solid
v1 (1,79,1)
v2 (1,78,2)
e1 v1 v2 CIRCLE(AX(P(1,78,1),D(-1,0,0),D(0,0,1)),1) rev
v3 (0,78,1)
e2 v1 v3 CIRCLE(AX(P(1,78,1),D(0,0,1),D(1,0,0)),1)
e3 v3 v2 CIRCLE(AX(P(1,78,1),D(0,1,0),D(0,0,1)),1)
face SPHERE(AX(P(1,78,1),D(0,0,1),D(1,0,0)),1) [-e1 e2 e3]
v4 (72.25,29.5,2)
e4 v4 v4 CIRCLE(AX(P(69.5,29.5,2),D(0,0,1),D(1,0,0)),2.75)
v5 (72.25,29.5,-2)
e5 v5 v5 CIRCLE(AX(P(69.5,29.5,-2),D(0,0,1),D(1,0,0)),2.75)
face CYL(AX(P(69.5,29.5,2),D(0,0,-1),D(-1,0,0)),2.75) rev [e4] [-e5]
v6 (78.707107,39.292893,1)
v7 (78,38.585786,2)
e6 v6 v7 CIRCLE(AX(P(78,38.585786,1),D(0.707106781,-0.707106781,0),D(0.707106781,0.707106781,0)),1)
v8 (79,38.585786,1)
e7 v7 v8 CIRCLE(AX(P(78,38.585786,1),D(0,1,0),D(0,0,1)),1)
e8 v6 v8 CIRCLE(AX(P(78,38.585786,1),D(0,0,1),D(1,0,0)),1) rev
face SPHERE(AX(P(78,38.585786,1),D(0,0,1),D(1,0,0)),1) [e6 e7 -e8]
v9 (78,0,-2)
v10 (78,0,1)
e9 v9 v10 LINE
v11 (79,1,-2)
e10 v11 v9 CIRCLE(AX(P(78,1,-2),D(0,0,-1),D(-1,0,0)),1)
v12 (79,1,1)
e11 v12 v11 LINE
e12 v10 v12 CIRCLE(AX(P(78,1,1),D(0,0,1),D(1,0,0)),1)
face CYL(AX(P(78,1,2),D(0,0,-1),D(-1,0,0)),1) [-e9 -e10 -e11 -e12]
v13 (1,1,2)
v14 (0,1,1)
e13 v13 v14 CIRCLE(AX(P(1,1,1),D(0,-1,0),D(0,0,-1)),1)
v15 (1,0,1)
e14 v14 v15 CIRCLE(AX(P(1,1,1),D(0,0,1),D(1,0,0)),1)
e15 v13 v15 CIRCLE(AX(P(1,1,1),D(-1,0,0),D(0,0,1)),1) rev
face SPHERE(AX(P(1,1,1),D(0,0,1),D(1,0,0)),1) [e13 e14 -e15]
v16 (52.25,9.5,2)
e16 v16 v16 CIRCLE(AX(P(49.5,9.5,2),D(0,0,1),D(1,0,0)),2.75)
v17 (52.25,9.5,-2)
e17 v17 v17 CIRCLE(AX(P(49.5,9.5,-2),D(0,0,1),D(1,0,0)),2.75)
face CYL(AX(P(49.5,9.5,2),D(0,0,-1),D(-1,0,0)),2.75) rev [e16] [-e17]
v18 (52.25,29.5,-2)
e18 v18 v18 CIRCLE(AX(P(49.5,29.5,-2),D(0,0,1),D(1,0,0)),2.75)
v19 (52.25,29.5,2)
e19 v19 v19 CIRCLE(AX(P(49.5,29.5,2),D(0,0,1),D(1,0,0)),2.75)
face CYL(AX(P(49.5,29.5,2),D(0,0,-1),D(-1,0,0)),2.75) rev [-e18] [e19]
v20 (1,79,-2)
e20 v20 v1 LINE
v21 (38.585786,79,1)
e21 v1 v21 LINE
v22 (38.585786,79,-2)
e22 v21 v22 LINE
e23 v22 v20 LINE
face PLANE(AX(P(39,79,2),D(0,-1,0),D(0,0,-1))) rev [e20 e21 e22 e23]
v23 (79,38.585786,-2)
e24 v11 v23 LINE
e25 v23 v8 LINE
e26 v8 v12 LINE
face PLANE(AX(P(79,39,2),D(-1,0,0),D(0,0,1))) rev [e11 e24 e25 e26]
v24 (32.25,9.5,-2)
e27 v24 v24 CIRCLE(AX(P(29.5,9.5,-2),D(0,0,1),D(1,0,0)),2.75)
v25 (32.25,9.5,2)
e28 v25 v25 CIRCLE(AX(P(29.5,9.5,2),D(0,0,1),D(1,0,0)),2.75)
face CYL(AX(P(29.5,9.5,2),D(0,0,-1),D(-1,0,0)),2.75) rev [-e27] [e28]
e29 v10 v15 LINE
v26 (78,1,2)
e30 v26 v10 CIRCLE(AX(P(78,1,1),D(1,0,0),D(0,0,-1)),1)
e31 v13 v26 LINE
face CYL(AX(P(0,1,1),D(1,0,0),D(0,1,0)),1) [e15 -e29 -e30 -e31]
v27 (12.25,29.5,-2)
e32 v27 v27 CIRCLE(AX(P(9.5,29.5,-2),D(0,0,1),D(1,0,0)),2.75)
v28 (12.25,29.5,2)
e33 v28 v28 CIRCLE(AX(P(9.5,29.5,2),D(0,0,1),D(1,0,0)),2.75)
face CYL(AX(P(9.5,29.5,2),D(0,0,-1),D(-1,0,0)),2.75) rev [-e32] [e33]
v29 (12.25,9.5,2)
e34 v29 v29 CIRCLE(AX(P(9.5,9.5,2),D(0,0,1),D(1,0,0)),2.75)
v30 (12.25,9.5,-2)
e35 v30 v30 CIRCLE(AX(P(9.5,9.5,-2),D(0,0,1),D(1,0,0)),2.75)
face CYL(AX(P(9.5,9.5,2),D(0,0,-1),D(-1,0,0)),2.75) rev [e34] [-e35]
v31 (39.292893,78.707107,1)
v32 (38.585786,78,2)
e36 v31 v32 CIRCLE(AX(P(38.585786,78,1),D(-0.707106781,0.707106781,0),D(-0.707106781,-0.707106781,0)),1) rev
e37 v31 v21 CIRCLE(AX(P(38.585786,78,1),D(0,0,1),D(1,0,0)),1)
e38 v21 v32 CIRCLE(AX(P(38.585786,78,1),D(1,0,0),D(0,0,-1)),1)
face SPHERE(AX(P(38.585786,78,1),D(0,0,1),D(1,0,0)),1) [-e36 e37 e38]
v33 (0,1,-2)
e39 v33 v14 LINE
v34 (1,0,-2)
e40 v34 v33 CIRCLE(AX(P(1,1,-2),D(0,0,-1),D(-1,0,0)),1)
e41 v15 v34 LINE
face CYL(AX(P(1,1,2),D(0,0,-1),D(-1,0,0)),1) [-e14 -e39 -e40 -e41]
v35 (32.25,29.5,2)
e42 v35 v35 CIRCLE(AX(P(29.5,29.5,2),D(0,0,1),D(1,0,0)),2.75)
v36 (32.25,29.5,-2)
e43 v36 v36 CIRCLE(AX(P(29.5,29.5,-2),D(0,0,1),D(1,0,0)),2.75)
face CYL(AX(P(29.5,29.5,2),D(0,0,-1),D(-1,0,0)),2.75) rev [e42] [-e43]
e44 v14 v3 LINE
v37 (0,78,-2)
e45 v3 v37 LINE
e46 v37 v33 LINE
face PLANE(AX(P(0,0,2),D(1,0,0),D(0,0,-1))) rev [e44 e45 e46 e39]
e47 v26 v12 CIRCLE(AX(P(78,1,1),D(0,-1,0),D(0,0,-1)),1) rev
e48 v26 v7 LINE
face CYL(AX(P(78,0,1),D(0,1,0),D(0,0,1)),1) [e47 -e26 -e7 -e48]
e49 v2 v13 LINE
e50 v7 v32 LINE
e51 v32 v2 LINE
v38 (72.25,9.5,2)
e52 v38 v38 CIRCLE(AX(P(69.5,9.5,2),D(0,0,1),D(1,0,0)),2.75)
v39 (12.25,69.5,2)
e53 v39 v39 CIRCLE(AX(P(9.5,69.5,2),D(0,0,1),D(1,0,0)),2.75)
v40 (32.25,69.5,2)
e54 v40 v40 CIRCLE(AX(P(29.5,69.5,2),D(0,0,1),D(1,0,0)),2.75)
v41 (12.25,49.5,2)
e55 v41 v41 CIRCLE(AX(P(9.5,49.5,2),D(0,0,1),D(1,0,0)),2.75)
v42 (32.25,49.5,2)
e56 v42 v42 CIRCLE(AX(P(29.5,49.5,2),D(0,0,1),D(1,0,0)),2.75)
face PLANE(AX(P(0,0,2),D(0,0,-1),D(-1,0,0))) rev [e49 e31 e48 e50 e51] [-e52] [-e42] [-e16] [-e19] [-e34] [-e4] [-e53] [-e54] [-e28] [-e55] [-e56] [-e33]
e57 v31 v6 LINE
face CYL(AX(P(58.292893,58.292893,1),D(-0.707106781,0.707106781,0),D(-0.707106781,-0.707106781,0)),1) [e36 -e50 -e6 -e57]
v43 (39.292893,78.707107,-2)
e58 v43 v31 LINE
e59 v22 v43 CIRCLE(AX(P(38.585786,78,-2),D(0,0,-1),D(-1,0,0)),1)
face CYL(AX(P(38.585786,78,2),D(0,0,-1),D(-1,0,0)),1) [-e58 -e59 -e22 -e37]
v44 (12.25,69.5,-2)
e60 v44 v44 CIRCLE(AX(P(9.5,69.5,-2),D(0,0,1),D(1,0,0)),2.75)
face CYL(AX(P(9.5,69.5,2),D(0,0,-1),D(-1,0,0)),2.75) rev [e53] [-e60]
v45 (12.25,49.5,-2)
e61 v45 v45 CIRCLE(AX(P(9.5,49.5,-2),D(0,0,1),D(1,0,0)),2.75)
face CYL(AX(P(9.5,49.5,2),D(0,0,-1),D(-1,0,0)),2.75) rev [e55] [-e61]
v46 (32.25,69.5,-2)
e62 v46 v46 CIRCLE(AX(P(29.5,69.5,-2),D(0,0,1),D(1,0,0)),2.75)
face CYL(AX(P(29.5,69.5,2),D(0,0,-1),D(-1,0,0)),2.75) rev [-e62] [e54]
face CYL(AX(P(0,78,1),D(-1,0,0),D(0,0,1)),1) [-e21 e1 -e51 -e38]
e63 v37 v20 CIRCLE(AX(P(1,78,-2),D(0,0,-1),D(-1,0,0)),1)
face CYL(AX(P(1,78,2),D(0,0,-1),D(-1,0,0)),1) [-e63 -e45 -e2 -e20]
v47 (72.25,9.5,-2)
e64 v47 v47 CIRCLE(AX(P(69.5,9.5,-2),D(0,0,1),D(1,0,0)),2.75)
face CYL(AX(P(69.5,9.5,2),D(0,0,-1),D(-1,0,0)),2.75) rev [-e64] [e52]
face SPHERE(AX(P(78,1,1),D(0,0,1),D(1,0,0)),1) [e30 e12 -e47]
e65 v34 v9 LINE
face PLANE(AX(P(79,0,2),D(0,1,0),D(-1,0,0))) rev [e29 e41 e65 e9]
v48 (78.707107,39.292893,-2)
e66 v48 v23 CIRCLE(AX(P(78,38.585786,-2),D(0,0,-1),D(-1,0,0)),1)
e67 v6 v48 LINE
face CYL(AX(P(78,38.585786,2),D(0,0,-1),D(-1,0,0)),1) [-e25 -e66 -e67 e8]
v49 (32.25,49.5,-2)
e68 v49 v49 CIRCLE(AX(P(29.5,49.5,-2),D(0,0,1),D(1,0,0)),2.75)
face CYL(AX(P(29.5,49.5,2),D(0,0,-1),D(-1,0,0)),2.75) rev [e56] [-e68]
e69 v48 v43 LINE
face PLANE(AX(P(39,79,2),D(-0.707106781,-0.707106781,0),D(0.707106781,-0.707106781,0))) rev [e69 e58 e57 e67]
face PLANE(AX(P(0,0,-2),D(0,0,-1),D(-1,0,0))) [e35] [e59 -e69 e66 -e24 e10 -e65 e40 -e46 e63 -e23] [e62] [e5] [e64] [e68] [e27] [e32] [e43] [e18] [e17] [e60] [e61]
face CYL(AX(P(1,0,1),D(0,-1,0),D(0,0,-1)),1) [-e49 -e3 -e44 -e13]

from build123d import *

# Parameters (mm, degrees)
SKETCH1_R           = 2.75
BOSS_EXTRUDE1_DEPTH = 2
FILLET1_R           = 1


with BuildPart() as part:
    # Sketch1 → Boss-Extrude1 (new, symmetric)
    with BuildSketch(Plane.XY):
        Polygon((0, 0), (0, 79), (39, 79), (79, 39), (79, 0), align=None)
        with Locations((9.5, 9.5)):
            Circle(SKETCH1_R, mode=Mode.SUBTRACT)
        with Locations((29.5, 9.5)):
            Circle(SKETCH1_R, mode=Mode.SUBTRACT)
        with Locations((49.5, 9.5)):
            Circle(SKETCH1_R, mode=Mode.SUBTRACT)
        with Locations((9.5, 29.5)):
            Circle(SKETCH1_R, mode=Mode.SUBTRACT)
        with Locations((9.5, 49.5)):
            Circle(SKETCH1_R, mode=Mode.SUBTRACT)
        with Locations((69.5, 9.5)):
            Circle(SKETCH1_R, mode=Mode.SUBTRACT)
        with Locations((69.5, 29.5)):
            Circle(SKETCH1_R, mode=Mode.SUBTRACT)
        with Locations((49.5, 29.5)):
            Circle(SKETCH1_R, mode=Mode.SUBTRACT)
        with Locations((29.5, 29.5)):
            Circle(SKETCH1_R, mode=Mode.SUBTRACT)
        with Locations((29.5, 49.5)):
            Circle(SKETCH1_R, mode=Mode.SUBTRACT)
        with Locations((29.5, 69.5)):
            Circle(SKETCH1_R, mode=Mode.SUBTRACT)
        with Locations((9.5, 69.5)):
            Circle(SKETCH1_R, mode=Mode.SUBTRACT)
    extrude(amount=BOSS_EXTRUDE1_DEPTH, both=True)

    # Fillet1
    fillet1_edges = [part.edges().sort_by_distance(p)[0] for p in [
        (59, 59, 2),
        (19.5, 79, 2),
        (0, 39.5, 2),
        (39.5, 0, 2),
        (79, 19.5, 2),
        (0, 0, 0),
        (0, 79, 0),
        (39, 79, 0),
        (79, 39, 0),
        (79, 0, 0),
    ]]
    fillet(fillet1_edges, radius=FILLET1_R)


solid = part.part
